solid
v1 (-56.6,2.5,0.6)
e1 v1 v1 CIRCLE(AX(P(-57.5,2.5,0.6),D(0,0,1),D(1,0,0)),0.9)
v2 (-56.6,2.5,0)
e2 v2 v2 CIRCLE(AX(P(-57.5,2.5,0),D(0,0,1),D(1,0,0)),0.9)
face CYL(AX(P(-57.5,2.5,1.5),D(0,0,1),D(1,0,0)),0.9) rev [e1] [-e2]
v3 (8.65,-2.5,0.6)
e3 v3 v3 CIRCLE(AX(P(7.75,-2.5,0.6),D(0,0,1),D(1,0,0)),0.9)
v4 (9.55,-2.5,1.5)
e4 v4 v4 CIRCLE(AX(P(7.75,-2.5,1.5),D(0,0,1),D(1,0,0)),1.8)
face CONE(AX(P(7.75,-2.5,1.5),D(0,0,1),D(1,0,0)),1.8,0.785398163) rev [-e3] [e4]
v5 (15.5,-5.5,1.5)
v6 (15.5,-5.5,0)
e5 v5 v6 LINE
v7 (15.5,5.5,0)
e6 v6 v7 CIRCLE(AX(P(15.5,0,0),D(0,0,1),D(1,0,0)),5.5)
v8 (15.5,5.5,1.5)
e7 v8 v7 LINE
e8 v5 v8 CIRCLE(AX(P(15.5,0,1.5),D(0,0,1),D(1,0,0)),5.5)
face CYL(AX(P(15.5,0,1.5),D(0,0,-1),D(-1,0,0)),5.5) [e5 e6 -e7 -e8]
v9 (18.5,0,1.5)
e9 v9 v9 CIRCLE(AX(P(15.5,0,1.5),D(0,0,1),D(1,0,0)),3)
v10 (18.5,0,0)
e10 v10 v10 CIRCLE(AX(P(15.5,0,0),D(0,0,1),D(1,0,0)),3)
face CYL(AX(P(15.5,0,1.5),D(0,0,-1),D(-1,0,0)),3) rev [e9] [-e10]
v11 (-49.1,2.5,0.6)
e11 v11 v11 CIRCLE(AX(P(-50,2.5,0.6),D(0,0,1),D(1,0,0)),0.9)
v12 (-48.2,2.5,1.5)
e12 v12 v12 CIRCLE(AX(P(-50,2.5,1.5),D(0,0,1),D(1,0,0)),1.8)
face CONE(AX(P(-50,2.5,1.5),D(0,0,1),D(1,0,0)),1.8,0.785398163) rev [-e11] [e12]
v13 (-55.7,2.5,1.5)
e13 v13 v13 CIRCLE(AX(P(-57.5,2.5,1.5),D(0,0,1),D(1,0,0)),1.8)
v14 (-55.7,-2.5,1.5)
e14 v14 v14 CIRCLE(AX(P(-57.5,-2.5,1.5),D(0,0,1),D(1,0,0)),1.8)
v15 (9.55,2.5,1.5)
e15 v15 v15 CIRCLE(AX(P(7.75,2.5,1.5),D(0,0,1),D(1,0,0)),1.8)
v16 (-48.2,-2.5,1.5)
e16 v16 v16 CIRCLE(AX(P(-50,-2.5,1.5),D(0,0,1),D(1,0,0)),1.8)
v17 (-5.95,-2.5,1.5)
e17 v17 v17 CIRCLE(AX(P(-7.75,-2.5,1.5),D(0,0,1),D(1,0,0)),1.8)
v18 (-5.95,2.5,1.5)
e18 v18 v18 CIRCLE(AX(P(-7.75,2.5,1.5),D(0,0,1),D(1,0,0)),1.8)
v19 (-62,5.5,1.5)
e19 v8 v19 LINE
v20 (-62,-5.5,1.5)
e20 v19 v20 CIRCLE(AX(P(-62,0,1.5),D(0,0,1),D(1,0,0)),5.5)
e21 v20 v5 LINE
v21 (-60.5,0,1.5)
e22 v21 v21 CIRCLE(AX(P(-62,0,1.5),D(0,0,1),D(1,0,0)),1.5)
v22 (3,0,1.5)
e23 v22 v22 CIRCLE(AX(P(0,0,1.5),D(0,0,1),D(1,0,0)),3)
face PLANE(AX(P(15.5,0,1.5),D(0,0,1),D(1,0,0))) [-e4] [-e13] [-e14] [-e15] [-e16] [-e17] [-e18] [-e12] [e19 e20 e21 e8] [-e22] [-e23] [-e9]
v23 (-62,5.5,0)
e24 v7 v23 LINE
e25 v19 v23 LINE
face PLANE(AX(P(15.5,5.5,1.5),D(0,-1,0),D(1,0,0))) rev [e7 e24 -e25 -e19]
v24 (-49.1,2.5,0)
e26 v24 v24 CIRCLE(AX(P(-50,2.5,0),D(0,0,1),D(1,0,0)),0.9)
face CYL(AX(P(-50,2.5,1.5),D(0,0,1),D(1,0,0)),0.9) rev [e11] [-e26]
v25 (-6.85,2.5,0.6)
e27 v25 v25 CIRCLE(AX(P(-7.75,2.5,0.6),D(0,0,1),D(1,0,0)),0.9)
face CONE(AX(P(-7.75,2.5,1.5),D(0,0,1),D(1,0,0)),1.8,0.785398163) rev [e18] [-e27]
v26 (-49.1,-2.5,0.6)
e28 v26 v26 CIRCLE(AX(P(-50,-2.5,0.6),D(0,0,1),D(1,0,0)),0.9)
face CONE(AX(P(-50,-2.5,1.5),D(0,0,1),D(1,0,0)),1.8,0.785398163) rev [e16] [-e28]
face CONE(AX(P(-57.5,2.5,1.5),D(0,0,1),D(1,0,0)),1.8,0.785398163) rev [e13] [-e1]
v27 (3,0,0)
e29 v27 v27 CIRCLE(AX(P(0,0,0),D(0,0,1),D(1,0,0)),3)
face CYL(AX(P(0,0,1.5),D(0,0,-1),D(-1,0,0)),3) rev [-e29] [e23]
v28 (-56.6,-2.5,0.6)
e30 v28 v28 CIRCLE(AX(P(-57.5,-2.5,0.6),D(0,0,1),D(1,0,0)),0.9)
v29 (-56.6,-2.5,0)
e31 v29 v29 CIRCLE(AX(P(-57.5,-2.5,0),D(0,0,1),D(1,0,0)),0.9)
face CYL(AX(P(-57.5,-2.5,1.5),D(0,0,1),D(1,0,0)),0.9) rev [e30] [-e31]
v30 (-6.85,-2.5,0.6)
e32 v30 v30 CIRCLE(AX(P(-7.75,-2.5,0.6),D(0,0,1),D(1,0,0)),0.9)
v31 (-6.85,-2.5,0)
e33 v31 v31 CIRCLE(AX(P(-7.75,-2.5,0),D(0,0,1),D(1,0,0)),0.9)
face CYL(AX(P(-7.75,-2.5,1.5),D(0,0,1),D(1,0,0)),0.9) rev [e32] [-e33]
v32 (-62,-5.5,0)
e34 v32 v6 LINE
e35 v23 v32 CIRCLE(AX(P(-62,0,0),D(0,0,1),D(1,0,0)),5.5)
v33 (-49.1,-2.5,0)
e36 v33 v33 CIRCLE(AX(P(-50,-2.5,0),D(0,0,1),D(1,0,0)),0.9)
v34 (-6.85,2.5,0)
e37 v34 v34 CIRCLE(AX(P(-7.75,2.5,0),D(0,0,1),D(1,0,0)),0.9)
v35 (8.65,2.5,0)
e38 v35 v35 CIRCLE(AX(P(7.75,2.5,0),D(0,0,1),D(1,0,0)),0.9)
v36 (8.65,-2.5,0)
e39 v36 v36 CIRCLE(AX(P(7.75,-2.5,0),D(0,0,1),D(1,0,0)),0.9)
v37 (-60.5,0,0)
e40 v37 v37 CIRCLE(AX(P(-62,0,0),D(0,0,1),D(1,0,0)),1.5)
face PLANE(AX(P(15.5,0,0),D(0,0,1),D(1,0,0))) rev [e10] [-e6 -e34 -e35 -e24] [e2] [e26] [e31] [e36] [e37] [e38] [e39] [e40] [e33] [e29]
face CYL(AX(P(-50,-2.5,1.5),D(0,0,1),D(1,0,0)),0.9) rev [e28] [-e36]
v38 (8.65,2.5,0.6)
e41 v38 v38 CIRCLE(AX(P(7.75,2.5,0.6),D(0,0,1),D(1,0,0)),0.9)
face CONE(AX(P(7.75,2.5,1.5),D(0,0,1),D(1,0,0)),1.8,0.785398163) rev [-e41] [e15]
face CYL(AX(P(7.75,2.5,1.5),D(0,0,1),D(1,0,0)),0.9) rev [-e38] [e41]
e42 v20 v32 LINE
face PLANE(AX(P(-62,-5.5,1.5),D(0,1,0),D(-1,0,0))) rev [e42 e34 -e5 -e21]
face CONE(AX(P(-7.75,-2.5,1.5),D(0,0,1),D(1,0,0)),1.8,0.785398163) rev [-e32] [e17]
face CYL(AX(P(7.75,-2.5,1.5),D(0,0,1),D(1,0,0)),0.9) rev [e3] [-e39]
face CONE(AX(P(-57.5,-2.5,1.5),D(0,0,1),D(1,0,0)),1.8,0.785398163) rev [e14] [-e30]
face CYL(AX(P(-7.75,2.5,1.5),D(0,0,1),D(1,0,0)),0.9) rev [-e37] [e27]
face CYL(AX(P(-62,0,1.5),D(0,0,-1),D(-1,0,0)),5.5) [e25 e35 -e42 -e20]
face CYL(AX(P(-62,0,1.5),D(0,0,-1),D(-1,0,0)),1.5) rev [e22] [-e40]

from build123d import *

# Parameters (mm, degrees)
SKETCH1_R                                    = 1.5
SKETCH1_R_2                                  = 3
BOSS_EXTRUDE1_DEPTH                          = 1.5
CSK_FOR_M1_6_COUNTERSUNK_FLAT_HEAD_S_2_COUNT = 2
CSK_FOR_M1_6_COUNTERSUNK_FLAT_HEAD_S_2_PITCH = 15.5
CSK_FOR_M1_6_COUNTERSUNK_FLAT_HEAD_S_3_COUNT = 2
CSK_FOR_M1_6_COUNTERSUNK_FLAT_HEAD_S_3_PITCH = 65.25
CSK_FOR_M1_6_COUNTERSUNK_FLAT_HEAD_S_4_COUNT = 2
CSK_FOR_M1_6_COUNTERSUNK_FLAT_HEAD_S_4_PITCH = 57.75


with BuildPart() as part:
    # Sketch1 → Boss-Extrude1 (new body)
    with BuildSketch(Plane.XY):
        with BuildLine():
            Line((15.5, 5.5), (-62, 5.5))
            ThreePointArc((-62, 5.5), (-67.5, 0), (-62, -5.5))
            Line((-62, -5.5), (15.5, -5.5))
            ThreePointArc((15.5, -5.5), (21, 0), (15.5, 5.5))
        make_face()
        with Locations((-62, 0)):
            Circle(SKETCH1_R, mode=Mode.SUBTRACT)
        Circle(SKETCH1_R_2, mode=Mode.SUBTRACT)
        with Locations((15.5, 0)):
            Circle(SKETCH1_R_2, mode=Mode.SUBTRACT)
    extrude(amount=BOSS_EXTRUDE1_DEPTH)

    # Sketch2 → CSK for M1.6 Countersunk Flat Head Screw1 (revolve, cut)
    with BuildSketch(Plane(origin=(7.75, 2.5, 1.5), x_dir=(0, -1, 0), z_dir=(1, 0, 0))):
        Polygon((0, 0), (0, 1.5), (0.9, 1.5), (0.9, 0.9), (1.8, 0), align=None)
    csk_for_m1_6_countersunk_flat_head_screw = revolve(axis=Axis((7.75, 2.5, 7.85), (0, 0, -1)), mode=Mode.SUBTRACT)

    # CSK for M1.6 Countersunk Flat Head S 2: CSK for M1.6 Countersunk Flat Head Screw1 ×2
    with Locations(*[(-i * CSK_FOR_M1_6_COUNTERSUNK_FLAT_HEAD_S_2_PITCH, 0, 0) for i in range(1, CSK_FOR_M1_6_COUNTERSUNK_FLAT_HEAD_S_2_COUNT)]):
        add(csk_for_m1_6_countersunk_flat_head_screw, mode=Mode.SUBTRACT)

    # CSK for M1.6 Countersunk Flat Head S 3: CSK for M1.6 Countersunk Flat Head Screw1 ×2
    with Locations(*[(-i * CSK_FOR_M1_6_COUNTERSUNK_FLAT_HEAD_S_3_PITCH, 0, 0) for i in range(1, CSK_FOR_M1_6_COUNTERSUNK_FLAT_HEAD_S_3_COUNT)]):
        add(csk_for_m1_6_countersunk_flat_head_screw, mode=Mode.SUBTRACT)

    # CSK for M1.6 Countersunk Flat Head S 4: CSK for M1.6 Countersunk Flat Head Screw1 ×2
    with Locations(*[(-i * CSK_FOR_M1_6_COUNTERSUNK_FLAT_HEAD_S_4_PITCH, 0, 0) for i in range(1, CSK_FOR_M1_6_COUNTERSUNK_FLAT_HEAD_S_4_COUNT)]):
        add(csk_for_m1_6_countersunk_flat_head_screw, mode=Mode.SUBTRACT)

    # Mirror1: CSK for M1.6 Countersunk Flat Head Screw1 across plane
    add(csk_for_m1_6_countersunk_flat_head_screw.mirror(Plane.ZX), mode=Mode.SUBTRACT)

    # Mirror1 copy 1 sketch → Mirror1 copy 1 (revolve, cut)
    with BuildSketch(Plane(origin=(-7.75, -2.5, 1.5), x_dir=(0, 1, 0), z_dir=(1, 0, 0))):
        Polygon((0, 0), (0, -1.5), (0.9, -1.5), (0.9, -0.9), (1.8, 0), align=None)
    revolve(axis=Axis((-7.75, -2.5, 7.85), (0, 0, 1)), mode=Mode.SUBTRACT)

    # Mirror1 copy 2 sketch → Mirror1 copy 2 (revolve, cut)
    with BuildSketch(Plane(origin=(-57.5, -2.5, 1.5), x_dir=(0, 1, 0), z_dir=(1, 0, 0))):
        Polygon((0, 0), (0, -1.5), (0.9, -1.5), (0.9, -0.9), (1.8, 0), align=None)
    revolve(axis=Axis((-57.5, -2.5, 7.85), (0, 0, 1)), mode=Mode.SUBTRACT)

    # Mirror1 copy 3 sketch → Mirror1 copy 3 (revolve, cut)
    with BuildSketch(Plane(origin=(-50, -2.5, 1.5), x_dir=(0, 1, 0), z_dir=(1, 0, 0))):
        Polygon((0, 0), (0, -1.5), (0.9, -1.5), (0.9, -0.9), (1.8, 0), align=None)
    revolve(axis=Axis((-50, -2.5, 7.85), (0, 0, 1)), mode=Mode.SUBTRACT)


solid = part.part
